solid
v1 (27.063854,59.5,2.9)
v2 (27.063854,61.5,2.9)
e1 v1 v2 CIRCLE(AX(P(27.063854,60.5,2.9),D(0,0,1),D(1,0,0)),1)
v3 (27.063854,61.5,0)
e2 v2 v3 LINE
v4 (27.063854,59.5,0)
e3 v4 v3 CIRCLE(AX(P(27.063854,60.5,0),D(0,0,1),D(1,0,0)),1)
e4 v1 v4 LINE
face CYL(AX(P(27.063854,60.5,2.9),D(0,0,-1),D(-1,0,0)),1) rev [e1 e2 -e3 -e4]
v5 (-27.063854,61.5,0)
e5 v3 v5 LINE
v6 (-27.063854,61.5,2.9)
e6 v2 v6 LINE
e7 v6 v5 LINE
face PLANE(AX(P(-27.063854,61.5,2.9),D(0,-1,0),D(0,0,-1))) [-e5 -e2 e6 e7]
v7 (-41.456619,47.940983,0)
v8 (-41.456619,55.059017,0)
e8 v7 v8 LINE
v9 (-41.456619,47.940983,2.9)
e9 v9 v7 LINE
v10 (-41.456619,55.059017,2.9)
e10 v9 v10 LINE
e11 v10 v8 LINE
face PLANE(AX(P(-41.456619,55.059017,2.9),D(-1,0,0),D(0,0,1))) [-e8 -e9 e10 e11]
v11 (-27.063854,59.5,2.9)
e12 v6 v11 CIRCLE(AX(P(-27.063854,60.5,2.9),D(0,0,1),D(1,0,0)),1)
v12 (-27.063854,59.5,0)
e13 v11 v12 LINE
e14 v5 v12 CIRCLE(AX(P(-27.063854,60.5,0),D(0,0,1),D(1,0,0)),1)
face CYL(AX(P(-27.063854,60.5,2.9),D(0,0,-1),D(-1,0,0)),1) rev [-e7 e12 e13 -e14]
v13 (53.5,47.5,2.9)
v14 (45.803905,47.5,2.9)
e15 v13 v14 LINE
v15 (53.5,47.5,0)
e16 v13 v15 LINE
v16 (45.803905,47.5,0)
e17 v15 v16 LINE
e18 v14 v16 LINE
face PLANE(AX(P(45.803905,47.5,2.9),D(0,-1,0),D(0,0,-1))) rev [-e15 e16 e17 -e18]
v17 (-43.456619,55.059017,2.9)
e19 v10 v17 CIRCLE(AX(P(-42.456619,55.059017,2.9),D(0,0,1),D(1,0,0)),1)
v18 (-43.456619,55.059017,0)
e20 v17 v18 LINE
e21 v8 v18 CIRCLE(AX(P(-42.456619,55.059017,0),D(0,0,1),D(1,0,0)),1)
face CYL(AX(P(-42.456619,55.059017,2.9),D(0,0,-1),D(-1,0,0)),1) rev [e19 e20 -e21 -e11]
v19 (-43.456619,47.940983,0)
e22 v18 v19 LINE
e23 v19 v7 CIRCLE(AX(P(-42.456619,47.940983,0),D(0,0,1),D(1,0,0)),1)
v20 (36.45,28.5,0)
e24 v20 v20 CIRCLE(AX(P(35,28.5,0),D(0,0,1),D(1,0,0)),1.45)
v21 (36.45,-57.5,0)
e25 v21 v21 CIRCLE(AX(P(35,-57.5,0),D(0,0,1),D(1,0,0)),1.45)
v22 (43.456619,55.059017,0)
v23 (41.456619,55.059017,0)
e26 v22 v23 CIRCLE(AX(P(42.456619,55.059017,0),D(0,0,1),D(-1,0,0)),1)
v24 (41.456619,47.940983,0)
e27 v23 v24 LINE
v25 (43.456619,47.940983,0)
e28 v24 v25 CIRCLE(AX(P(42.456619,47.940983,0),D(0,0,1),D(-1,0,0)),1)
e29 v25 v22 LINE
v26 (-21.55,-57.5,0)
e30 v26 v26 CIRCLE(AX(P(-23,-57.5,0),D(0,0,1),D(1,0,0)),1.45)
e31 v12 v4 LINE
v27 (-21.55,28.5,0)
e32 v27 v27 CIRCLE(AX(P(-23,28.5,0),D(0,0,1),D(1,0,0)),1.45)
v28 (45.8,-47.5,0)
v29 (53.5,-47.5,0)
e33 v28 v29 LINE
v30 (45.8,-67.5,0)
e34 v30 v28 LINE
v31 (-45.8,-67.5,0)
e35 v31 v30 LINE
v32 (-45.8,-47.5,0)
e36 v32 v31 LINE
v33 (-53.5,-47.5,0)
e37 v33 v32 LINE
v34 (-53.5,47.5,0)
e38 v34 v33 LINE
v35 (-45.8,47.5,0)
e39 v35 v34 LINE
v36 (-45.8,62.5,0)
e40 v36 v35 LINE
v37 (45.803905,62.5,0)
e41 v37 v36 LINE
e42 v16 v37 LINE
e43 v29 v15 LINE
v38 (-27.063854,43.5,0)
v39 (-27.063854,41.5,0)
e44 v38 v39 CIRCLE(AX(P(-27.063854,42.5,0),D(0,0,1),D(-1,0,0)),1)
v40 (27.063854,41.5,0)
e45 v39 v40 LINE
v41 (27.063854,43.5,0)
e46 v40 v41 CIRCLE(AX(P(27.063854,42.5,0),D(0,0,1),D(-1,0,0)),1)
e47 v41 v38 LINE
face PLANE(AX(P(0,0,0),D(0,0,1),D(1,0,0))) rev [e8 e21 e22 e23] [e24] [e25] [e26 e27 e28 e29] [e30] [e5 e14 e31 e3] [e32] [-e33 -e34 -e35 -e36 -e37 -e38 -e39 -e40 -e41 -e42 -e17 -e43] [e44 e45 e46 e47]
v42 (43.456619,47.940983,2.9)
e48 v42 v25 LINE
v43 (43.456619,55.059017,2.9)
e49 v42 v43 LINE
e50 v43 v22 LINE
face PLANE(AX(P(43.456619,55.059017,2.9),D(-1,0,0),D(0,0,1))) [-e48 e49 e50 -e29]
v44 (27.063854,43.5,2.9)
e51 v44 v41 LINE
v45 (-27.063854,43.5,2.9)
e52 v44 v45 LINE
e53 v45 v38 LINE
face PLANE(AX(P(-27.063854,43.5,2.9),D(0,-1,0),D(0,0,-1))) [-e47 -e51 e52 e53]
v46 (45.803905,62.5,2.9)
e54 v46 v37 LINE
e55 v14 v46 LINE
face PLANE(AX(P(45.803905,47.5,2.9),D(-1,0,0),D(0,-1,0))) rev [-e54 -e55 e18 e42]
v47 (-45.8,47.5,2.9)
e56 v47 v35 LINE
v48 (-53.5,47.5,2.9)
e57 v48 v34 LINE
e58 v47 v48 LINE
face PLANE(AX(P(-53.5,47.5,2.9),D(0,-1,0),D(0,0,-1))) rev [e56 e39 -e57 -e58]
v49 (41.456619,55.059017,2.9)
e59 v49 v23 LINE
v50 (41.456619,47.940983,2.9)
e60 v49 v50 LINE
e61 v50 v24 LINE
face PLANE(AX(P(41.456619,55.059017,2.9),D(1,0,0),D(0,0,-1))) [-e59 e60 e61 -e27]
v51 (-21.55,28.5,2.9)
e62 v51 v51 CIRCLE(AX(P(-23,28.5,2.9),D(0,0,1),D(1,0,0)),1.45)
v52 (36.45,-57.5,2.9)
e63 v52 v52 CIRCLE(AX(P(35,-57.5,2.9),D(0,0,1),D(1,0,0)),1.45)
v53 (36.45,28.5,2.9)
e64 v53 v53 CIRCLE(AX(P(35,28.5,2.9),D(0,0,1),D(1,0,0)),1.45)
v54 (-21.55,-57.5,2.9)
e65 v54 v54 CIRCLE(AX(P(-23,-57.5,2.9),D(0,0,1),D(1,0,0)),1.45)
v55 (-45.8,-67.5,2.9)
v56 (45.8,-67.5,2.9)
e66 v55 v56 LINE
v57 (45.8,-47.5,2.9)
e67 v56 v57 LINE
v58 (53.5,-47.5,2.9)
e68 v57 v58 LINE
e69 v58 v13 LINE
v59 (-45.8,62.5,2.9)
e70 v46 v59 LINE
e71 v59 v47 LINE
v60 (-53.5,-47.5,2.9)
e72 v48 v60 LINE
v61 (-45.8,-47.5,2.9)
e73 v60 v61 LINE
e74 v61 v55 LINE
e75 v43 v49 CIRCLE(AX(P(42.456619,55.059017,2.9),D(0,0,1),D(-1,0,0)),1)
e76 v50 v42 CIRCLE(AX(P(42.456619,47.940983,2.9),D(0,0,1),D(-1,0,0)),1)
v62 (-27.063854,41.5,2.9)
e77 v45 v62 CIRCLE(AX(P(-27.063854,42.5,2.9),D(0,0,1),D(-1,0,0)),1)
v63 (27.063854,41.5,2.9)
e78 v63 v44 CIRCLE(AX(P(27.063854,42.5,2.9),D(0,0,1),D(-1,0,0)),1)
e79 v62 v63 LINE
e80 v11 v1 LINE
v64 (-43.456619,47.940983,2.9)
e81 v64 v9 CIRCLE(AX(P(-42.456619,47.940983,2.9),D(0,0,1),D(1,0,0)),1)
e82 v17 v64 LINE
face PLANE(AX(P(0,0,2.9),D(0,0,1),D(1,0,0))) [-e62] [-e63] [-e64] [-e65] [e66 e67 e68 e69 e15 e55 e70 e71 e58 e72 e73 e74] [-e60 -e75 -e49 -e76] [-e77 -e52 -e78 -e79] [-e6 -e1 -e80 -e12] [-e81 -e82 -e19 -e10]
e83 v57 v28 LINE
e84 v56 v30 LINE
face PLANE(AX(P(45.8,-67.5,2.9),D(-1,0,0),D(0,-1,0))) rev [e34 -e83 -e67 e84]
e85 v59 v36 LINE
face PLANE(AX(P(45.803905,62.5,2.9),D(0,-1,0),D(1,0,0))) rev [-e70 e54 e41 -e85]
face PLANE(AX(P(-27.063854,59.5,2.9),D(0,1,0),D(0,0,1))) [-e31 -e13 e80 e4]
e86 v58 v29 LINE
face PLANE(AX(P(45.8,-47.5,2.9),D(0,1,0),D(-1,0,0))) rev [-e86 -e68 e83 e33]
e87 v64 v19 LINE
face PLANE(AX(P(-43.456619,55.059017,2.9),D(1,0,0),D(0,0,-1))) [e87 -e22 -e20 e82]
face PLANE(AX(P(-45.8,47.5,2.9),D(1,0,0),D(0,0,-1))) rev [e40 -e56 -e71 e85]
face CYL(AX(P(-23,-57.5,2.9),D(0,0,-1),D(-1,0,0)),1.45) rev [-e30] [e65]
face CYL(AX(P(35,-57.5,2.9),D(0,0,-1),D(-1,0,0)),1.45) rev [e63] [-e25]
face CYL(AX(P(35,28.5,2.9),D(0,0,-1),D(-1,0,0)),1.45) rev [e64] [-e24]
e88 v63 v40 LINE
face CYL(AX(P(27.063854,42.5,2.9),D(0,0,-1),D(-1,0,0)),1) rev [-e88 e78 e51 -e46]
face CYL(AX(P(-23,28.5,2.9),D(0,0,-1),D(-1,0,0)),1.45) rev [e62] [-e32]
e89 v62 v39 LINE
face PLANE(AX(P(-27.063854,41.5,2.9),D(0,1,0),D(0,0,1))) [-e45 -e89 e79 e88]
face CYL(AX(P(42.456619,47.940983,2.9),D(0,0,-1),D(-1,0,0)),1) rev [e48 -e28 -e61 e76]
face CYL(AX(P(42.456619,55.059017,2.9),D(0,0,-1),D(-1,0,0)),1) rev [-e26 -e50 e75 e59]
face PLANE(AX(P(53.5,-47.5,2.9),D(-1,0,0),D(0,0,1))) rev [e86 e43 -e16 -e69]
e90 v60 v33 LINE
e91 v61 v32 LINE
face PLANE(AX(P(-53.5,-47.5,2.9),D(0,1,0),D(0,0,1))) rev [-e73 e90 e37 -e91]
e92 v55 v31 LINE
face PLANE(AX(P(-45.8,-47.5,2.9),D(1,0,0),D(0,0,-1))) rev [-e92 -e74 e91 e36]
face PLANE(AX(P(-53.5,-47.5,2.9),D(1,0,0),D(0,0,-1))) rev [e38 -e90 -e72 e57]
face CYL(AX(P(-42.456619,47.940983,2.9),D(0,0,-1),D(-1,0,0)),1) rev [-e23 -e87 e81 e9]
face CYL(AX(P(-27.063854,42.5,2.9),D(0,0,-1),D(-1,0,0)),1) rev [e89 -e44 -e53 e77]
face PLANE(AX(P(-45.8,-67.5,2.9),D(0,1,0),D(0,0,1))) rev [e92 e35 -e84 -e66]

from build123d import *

# Parameters (mm, degrees)
SKETCH1_R           = 1.45
BOSS_EXTRUDE2_DEPTH = 2.9


with BuildPart() as part:
    # Sketch1 → Boss-Extrude2 (new body)
    with BuildSketch(Plane.XY):
        Polygon((-53.5, -47.5), (-45.8, -47.5), (-45.8, -67.5), (45.8, -67.5), (45.8, -47.5), (53.5, -47.5), (53.5, 47.5), (45.803905178, 47.5), (45.803905178, 62.5), (-45.8, 62.5), (-45.8, 47.5), (-53.5, 47.5), align=None)
        with Locations((35, -57.5)):
            Circle(SKETCH1_R, mode=Mode.SUBTRACT)
        with Locations((35, 28.5)):
            Circle(SKETCH1_R, mode=Mode.SUBTRACT)
        with Locations((-23, -57.5)):
            Circle(SKETCH1_R, mode=Mode.SUBTRACT)
        with Locations((-23, 28.5)):
            Circle(SKETCH1_R, mode=Mode.SUBTRACT)
        with BuildLine():
            Line((-27.063854383, 61.5), (27.063854383, 61.5))
            ThreePointArc((27.063854383, 61.5), (28.063854383, 60.5), (27.063854383, 59.5))
            Line((27.063854383, 59.5), (-27.063854383, 59.5))
            ThreePointArc((-27.063854383, 59.5), (-28.063854383, 60.5), (-27.063854383, 61.5))
        make_face(mode=Mode.SUBTRACT)
        with BuildLine():
            Line((-27.063854383, 41.5), (27.063854383, 41.5))
            ThreePointArc((27.063854383, 41.5), (28.063854383, 42.5), (27.063854383, 43.5))
            Line((27.063854383, 43.5), (-27.063854383, 43.5))
            ThreePointArc((-27.063854383, 43.5), (-28.063854383, 42.5), (-27.063854383, 41.5))
        make_face(mode=Mode.SUBTRACT)
        with BuildLine():
            Line((-41.456619421, 55.059017376), (-41.456619421, 47.940982624))
            ThreePointArc((-41.456619421, 47.940982624), (-42.456619421, 46.940982624), (-43.456619421, 47.940982624))
            Line((-43.456619421, 47.940982624), (-43.456619421, 55.059017376))
            ThreePointArc((-43.456619421, 55.059017376), (-42.456619421, 56.059017376), (-41.456619421, 55.059017376))
        make_face(mode=Mode.SUBTRACT)
        with BuildLine():
            Line((41.456619421, 55.059017376), (41.456619421, 47.940982624))
            ThreePointArc((41.456619421, 47.940982624), (42.456619421, 46.940982624), (43.456619421, 47.940982624))
            Line((43.456619421, 47.940982624), (43.456619421, 55.059017376))
            ThreePointArc((43.456619421, 55.059017376), (42.456619421, 56.059017376), (41.456619421, 55.059017376))
        make_face(mode=Mode.SUBTRACT)
    extrude(amount=BOSS_EXTRUDE2_DEPTH)


solid = part.part
